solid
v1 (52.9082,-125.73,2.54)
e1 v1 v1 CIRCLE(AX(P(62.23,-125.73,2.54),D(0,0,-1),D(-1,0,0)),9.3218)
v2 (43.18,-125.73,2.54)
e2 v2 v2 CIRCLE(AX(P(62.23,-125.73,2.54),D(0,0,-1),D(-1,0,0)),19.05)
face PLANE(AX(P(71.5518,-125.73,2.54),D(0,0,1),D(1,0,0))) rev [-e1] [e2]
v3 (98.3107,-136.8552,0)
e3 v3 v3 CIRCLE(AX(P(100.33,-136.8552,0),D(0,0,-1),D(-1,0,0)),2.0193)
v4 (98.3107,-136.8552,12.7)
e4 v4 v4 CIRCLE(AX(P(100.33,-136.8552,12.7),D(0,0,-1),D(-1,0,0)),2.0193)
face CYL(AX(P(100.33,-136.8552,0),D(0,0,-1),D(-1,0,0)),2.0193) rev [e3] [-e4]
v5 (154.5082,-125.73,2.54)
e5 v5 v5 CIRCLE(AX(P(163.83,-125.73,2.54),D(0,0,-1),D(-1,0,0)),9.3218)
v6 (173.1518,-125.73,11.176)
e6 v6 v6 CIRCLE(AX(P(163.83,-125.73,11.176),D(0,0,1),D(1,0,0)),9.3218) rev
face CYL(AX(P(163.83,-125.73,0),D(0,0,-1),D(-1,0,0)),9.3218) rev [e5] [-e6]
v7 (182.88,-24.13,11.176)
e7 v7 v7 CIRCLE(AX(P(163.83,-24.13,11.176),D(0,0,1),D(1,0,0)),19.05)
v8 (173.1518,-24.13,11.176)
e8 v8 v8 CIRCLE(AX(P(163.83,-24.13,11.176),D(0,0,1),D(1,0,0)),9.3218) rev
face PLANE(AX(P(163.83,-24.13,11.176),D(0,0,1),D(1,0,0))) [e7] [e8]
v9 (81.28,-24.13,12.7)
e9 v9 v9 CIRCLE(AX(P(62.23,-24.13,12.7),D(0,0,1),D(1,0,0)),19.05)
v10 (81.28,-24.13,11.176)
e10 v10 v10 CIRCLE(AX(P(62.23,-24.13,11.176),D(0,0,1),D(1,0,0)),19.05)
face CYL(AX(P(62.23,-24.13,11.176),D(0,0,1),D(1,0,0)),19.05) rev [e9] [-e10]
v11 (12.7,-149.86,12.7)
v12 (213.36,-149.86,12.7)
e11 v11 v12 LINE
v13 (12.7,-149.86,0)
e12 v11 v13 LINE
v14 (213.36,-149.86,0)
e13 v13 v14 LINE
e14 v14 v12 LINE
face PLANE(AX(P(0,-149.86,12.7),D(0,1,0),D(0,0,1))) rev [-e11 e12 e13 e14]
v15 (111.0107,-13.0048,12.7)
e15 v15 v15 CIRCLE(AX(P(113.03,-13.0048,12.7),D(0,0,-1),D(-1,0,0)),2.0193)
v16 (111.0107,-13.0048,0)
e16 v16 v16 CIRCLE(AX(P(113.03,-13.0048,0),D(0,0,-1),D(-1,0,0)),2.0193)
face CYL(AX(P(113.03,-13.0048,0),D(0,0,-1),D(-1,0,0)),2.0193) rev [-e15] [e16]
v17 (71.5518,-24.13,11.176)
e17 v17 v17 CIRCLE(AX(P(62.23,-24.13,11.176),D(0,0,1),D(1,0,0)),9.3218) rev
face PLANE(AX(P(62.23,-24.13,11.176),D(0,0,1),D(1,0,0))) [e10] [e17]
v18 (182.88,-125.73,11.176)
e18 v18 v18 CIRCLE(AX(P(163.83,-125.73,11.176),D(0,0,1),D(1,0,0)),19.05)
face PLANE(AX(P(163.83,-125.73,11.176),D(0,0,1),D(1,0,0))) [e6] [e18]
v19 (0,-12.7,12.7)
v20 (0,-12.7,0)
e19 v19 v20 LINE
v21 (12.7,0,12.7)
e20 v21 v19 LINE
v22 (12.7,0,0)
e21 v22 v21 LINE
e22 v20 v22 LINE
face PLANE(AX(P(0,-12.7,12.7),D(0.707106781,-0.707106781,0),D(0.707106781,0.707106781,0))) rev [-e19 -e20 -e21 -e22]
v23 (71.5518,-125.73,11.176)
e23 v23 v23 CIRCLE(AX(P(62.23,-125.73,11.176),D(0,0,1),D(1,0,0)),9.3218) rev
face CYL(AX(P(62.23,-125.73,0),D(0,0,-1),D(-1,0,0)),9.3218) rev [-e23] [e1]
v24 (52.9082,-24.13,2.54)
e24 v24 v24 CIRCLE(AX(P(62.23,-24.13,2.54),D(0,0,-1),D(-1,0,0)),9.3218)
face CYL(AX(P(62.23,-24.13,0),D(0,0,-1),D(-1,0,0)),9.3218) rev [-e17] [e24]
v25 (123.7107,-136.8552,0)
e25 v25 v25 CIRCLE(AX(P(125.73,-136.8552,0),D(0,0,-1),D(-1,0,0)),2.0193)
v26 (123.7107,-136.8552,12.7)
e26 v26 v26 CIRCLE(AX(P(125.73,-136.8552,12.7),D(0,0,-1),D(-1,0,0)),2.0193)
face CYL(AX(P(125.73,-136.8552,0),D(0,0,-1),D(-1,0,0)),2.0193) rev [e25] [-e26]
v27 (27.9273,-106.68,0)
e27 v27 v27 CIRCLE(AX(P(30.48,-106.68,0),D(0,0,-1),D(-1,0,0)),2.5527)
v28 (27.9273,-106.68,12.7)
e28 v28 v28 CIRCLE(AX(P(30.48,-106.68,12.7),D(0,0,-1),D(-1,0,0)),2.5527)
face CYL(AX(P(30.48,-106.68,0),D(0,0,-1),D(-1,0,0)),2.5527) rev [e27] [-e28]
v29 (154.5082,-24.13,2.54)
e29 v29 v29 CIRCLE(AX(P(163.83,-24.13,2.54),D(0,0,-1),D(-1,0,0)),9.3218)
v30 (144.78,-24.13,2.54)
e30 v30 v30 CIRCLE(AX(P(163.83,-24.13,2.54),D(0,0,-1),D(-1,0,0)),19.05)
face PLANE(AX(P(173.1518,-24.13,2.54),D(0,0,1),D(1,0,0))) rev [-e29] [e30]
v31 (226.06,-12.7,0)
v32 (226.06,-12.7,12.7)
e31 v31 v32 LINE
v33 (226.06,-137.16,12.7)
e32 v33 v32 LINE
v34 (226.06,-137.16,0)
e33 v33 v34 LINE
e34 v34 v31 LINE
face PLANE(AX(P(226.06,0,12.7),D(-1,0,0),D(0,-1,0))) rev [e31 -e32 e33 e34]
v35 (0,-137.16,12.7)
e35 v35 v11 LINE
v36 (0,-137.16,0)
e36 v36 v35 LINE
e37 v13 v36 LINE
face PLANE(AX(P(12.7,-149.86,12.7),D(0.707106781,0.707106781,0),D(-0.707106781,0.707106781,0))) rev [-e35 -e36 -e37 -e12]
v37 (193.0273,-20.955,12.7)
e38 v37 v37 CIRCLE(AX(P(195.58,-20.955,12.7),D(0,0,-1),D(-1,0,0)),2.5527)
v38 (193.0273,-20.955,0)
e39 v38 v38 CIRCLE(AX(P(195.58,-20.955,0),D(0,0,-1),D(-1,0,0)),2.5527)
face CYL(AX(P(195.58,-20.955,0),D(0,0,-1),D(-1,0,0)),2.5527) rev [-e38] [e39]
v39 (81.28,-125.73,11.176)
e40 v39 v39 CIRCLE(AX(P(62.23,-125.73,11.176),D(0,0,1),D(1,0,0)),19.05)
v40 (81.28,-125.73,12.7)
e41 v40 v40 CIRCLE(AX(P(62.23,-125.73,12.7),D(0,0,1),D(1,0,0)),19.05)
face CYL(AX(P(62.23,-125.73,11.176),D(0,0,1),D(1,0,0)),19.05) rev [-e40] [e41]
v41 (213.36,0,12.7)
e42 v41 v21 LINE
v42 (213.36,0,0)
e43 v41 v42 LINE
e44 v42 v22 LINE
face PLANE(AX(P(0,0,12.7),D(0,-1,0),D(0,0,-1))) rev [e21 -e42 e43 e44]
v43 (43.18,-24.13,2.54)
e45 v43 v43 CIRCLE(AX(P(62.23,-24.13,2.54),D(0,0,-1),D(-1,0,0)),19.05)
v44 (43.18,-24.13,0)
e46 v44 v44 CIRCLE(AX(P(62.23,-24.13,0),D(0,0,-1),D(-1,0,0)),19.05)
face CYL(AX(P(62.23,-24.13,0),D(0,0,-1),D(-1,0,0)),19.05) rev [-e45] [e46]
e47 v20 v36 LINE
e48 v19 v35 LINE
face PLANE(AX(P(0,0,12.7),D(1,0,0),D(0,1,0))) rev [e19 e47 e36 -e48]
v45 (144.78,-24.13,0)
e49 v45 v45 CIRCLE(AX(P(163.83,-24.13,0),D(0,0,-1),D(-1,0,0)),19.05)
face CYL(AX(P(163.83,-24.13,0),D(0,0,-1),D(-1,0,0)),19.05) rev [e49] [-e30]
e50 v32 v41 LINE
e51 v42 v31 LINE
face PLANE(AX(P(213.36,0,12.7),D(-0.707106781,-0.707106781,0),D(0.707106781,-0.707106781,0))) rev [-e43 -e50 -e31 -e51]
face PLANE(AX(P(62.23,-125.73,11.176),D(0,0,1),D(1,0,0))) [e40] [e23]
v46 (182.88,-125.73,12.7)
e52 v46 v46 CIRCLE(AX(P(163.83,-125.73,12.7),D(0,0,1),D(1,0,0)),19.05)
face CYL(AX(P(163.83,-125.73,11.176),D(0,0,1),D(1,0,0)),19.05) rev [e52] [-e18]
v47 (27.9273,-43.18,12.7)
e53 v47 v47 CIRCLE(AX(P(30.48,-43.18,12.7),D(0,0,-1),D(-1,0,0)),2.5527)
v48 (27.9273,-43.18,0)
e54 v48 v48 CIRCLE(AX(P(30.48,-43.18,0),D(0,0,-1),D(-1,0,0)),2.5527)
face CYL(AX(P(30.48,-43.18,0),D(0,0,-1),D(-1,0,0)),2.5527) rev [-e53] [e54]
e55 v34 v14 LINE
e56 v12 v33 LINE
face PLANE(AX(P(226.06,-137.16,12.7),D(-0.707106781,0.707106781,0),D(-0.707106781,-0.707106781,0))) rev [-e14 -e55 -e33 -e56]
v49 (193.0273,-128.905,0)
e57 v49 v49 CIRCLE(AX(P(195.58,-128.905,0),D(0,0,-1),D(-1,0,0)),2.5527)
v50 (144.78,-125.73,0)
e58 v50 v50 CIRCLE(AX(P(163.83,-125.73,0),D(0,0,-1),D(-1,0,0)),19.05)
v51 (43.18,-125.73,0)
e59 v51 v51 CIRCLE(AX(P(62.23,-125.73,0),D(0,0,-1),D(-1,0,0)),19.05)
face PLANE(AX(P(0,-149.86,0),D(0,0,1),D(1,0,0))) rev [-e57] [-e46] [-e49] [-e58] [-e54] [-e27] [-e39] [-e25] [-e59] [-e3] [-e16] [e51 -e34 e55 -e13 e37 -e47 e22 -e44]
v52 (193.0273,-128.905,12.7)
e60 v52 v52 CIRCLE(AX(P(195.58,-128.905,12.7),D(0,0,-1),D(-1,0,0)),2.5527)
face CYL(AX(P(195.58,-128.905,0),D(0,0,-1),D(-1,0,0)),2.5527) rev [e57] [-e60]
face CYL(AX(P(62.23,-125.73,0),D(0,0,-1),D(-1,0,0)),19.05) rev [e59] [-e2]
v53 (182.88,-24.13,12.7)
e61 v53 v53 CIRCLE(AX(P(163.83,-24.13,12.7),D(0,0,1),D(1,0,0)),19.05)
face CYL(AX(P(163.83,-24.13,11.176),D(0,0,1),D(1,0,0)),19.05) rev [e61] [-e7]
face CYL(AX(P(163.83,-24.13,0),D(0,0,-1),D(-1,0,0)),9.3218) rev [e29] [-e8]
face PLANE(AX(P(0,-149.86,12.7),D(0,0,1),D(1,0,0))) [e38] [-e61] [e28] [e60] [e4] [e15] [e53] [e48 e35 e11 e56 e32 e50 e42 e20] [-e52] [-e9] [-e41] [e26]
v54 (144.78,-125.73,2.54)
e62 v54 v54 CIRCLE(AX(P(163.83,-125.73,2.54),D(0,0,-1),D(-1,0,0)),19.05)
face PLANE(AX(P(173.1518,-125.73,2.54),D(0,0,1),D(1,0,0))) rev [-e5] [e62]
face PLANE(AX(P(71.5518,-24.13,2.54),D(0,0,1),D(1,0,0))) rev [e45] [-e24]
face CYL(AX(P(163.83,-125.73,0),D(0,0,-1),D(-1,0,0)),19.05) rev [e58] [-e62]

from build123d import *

# Parameters (mm, degrees)
SKETCH3_W                                        = 226.06
SKETCH3_H                                        = 149.86
EXTRUDE2_DEPTH                                   = 12.7
F_1_4_20_TAPPED_HOLE1_D                          = 5.1054
CBORE_FOR_5_8_SOCKET_HEAD_CAP_SCREW1_D           = 18.6436
CBORE_FOR_5_8_SOCKET_HEAD_CAP_SCREW1_CBORE_D     = 38.1
CBORE_FOR_5_8_SOCKET_HEAD_CAP_SCREW1_CBORE_DEPTH = 2.54
F_10_32_TAPPED_HOLE1_D                           = 4.0386
CHAMFER1_SIZE                                    = 12.7
SKETCH20_R                                       = 19.05
CUT_EXTRUDE5_DEPTH                               = 1.524


with BuildPart() as part:
    # Sketch3 → Extrude2 (new body)
    with BuildSketch(Plane.XY):
        with Locations((113.03, -74.93)):
            Rectangle(SKETCH3_W, SKETCH3_H)
    extrude(amount=EXTRUDE2_DEPTH)

    # 1/4-20 Tapped Hole1 (through all)
    with Locations(Plane(origin=(0, 0, 0), x_dir=(-1, 0, 0), z_dir=(0, 0, -1))):
        with Locations((-195.58, -20.955), (-195.58, -128.905), (-30.48, -43.18), (-30.48, -106.68)):
            Hole(F_1_4_20_TAPPED_HOLE1_D / 2)

    # CBORE for 5/8 Socket Head Cap Screw1 (through all)
    with Locations(Plane(origin=(163.83, -24.13, 0), x_dir=(-1, 0, 0), z_dir=(0, 0, -1))):
        with Locations((0, 0), (101.6, 0), (101.6, -101.6), (0, -101.6)):
            CounterBoreHole(CBORE_FOR_5_8_SOCKET_HEAD_CAP_SCREW1_D / 2, CBORE_FOR_5_8_SOCKET_HEAD_CAP_SCREW1_CBORE_D / 2, CBORE_FOR_5_8_SOCKET_HEAD_CAP_SCREW1_CBORE_DEPTH)

    # #10-32 Tapped Hole1 (through all)
    with Locations(Plane(origin=(0, 0, 0), x_dir=(-1, 0, 0), z_dir=(0, 0, -1))):
        with Locations((-113.03, -13.0048), (-125.73, -136.8552), (-100.33, -136.8552)):
            Hole(F_10_32_TAPPED_HOLE1_D / 2)

    # Chamfer1
    chamfer1_edges = [part.edges().sort_by_distance(p)[0] for p in [
        (0, 0, 6.35),
        (226.06, 0, 6.35),
        (226.06, -149.86, 6.35),
        (0, -149.86, 6.35),
    ]]
    chamfer(chamfer1_edges, length=CHAMFER1_SIZE)

    # Sketch20 → Cut-Extrude5 (cut)
    with BuildSketch(Plane.XY.offset(12.7)):
        with Locations(Location((163.83, -125.73, 0), (0, 0, 180))):  # turned: the seam where the file's is
            Circle(SKETCH20_R)
        with Locations(Location((62.23, -125.73, 0), (0, 0, 180))):  # turned: the seam where the file's is
            Circle(SKETCH20_R)
        with Locations(Location((163.83, -24.13, 0), (0, 0, 180))):  # turned: the seam where the file's is
            Circle(SKETCH20_R)
        with Locations(Location((62.23, -24.13, 0), (0, 0, 180))):  # turned: the seam where the file's is
            Circle(SKETCH20_R)
    extrude(amount=-CUT_EXTRUDE5_DEPTH, mode=Mode.SUBTRACT)


solid = part.part
